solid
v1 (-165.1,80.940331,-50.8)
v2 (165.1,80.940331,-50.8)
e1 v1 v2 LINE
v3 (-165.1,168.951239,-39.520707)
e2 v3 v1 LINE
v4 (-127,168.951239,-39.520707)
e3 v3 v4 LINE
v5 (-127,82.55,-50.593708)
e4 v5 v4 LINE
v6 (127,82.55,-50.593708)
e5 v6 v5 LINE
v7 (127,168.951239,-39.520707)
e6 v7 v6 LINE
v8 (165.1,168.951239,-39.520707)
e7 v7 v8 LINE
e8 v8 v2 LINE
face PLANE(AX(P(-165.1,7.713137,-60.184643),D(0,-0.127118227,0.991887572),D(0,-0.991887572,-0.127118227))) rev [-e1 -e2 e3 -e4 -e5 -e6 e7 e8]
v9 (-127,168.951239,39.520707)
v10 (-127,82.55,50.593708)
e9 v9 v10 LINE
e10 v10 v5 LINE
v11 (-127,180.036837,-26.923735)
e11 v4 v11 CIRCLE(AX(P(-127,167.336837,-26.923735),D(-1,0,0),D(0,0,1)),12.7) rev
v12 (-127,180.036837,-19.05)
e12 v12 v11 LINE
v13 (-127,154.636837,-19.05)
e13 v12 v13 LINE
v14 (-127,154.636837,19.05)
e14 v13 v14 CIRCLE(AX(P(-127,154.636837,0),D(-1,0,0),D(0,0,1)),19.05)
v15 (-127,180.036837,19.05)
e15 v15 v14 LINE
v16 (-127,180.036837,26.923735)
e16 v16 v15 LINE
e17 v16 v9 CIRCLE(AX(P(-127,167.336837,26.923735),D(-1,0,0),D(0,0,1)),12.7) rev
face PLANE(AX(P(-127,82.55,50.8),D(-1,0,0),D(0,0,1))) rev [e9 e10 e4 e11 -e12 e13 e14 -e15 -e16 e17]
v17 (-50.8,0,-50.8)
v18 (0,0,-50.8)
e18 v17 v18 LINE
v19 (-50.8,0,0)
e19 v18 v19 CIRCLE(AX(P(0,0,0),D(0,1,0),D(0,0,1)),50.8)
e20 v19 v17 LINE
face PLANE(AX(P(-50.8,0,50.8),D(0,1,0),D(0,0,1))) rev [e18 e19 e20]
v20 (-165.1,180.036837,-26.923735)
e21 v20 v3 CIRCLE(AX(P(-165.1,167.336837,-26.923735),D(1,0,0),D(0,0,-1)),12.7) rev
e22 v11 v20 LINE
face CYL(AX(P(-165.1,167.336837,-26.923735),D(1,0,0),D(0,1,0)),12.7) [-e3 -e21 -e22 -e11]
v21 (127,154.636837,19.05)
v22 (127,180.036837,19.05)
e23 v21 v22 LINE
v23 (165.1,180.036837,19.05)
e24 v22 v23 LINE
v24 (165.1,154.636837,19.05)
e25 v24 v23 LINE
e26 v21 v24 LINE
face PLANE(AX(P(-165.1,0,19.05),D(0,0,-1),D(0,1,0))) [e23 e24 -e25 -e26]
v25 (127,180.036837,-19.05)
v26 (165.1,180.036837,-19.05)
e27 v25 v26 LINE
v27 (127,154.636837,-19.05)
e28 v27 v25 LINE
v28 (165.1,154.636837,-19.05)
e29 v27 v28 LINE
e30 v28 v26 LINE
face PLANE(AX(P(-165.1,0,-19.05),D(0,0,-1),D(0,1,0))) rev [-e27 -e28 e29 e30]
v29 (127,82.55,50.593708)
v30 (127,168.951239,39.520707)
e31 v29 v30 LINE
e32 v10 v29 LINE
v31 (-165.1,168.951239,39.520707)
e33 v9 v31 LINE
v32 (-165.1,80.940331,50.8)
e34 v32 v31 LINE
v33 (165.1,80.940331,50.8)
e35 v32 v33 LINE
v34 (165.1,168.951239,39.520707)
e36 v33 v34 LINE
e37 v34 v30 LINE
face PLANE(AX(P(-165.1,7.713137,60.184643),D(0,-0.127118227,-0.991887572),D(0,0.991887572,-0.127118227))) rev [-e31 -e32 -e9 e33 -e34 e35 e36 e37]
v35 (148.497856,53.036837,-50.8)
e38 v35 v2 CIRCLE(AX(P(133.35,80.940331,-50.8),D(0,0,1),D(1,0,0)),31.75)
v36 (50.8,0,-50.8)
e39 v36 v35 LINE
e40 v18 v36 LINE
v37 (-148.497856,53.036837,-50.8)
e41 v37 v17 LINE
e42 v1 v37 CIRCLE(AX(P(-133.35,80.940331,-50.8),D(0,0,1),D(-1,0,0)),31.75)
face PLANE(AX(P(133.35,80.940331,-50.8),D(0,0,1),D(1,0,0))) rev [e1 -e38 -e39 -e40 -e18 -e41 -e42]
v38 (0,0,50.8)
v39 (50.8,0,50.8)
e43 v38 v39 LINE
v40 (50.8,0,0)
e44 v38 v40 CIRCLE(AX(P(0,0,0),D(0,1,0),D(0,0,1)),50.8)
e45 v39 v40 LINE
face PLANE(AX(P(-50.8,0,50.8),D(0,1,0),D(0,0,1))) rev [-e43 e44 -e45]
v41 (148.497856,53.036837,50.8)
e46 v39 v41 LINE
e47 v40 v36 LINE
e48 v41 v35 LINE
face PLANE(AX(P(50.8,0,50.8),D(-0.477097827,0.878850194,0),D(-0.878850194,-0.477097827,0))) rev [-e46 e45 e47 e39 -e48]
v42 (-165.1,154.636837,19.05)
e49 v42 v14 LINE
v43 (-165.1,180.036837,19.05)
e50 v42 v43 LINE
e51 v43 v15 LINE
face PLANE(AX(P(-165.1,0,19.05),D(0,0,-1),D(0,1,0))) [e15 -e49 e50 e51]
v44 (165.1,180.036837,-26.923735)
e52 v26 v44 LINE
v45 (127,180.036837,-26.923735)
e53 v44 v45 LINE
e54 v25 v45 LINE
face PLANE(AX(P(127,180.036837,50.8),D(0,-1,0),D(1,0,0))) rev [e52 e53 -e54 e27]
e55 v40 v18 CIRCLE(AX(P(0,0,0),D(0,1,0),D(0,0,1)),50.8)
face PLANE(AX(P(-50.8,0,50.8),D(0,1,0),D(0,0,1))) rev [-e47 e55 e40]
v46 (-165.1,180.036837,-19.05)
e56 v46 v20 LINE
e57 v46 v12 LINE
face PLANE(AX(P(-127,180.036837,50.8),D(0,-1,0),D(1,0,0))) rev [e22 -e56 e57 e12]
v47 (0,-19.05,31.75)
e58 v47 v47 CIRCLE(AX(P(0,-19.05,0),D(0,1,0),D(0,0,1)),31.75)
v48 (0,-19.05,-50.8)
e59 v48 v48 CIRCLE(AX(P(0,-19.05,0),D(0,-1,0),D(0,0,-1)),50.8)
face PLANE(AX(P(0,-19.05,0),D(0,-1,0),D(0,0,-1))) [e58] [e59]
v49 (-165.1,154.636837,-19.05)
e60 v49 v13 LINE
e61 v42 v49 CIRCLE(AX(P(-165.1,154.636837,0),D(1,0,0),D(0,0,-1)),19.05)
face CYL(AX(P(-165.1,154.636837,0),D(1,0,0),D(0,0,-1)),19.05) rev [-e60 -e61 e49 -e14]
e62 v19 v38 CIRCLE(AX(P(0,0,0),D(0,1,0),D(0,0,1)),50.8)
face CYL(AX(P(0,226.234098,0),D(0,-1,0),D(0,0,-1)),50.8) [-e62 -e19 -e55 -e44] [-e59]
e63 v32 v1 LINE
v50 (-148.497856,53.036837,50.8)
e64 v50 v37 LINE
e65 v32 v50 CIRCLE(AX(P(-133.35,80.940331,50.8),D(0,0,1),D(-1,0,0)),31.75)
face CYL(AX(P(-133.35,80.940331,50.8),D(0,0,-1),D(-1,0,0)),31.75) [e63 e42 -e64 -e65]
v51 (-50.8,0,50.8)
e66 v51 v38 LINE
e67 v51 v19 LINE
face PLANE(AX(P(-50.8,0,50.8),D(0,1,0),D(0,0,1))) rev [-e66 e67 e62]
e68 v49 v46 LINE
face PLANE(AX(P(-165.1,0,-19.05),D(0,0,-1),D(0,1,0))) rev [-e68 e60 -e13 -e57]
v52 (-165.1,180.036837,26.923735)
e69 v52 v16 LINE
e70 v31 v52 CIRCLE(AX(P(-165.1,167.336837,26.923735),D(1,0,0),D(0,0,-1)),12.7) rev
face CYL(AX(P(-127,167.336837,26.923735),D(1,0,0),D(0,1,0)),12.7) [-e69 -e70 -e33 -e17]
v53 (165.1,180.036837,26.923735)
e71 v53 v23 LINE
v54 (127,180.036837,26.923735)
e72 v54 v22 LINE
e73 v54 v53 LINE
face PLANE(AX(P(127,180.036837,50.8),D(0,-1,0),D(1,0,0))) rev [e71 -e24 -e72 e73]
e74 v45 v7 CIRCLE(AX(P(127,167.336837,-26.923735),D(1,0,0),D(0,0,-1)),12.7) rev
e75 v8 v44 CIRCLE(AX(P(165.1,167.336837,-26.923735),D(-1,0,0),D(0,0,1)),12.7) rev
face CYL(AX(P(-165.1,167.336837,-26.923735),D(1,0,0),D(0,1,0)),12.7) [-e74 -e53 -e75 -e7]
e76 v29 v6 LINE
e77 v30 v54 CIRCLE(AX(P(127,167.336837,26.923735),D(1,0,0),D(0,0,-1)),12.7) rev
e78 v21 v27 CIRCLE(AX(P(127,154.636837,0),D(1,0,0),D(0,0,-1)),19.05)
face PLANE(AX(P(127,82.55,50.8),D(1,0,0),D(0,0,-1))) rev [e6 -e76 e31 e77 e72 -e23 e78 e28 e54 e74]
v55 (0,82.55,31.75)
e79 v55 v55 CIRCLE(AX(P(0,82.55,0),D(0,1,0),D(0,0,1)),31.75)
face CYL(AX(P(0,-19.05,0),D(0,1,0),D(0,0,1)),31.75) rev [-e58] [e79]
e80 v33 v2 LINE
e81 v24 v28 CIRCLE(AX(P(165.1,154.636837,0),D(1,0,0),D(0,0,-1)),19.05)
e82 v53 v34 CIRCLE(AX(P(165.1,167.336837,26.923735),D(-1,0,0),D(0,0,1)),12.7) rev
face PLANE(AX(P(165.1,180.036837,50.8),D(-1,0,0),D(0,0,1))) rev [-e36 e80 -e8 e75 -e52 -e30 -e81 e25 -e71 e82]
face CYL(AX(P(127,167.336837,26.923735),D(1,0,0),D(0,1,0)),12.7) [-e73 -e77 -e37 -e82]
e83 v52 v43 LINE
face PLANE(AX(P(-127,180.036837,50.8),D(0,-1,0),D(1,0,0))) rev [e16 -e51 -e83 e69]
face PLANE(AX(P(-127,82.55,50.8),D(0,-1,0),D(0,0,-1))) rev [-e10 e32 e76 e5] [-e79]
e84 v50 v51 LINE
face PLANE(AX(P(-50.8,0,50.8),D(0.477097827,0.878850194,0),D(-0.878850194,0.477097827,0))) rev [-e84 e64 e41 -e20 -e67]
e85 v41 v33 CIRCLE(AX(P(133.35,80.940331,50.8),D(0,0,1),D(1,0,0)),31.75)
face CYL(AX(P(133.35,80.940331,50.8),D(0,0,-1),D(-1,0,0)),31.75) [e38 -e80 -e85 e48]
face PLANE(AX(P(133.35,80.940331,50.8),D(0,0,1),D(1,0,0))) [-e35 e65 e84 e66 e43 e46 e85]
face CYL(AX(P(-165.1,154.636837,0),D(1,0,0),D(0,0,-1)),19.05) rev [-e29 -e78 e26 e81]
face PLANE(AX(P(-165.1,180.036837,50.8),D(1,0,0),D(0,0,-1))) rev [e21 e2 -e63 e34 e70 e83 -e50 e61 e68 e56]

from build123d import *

# Parameters (mm, degrees)
BOSS_EXTRUDE1_DEPTH = 50.8
SKETCH2_R           = 50.8
BOSS_EXTRUDE2_DEPTH = 19.05
SKETCH3_R           = 31.75
CUT_EXTRUDE1_DEPTH  = 102.6
CUT_EXTRUDE2_DEPTH  = 331.2
FILLET1_R           = 12.7


with BuildPart() as part:
    # Sketch1 → Boss-Extrude1 (new body, symmetric)
    with BuildSketch(Plane.XY):
        with BuildLine():
            Line((-50.8, 0), (50.8, 0))
            Line((50.8, 0), (148.497855998, 53.036837313))
            ThreePointArc((148.497855998, 53.036837313), (160.635590775, 64.705829567), (165.1, 80.940330977))
            Line((165.1, 80.940330977), (165.1, 180.036837313))
            Line((165.1, 180.036837313), (127, 180.036837313))
            Line((127, 180.036837313), (127, 82.55))
            Line((127, 82.55), (-127, 82.55))
            Line((-127, 82.55), (-127, 180.036837313))
            Line((-127, 180.036837313), (-165.1, 180.036837313))
            Line((-165.1, 180.036837313), (-165.1, 80.940330977))
            ThreePointArc((-165.1, 80.940330977), (-160.635590775, 64.705829567), (-148.497855998, 53.036837313))
            Line((-148.497855998, 53.036837313), (-50.8, 0))
        make_face()
    extrude(amount=BOSS_EXTRUDE1_DEPTH, both=True)

    # Sketch2 → Boss-Extrude2 (add)
    with BuildSketch(Plane.XZ):
        Circle(SKETCH2_R)
    extrude(amount=BOSS_EXTRUDE2_DEPTH)

    # Sketch3 → Cut-Extrude1 (cut, through all)
    with BuildSketch(Plane(origin=(0, 82.55, 0), x_dir=(1, 0, 0), z_dir=(0, 1, 0))):
        Circle(SKETCH3_R)
    extrude(amount=-CUT_EXTRUDE1_DEPTH, mode=Mode.SUBTRACT)

    # Sketch4 → Cut-Extrude2 (cut, through all)
    with BuildSketch(Plane(origin=(165.1, 0, 0), x_dir=(0, 0, -1), z_dir=(1, 0, 0))):
        Polygon((-50.8, 180.036837313), (-50.8, 80.940330977), (-38.1, 180.036837313), align=None)
        with BuildLine():
            Line((19.05, 180.036837313), (-19.05, 180.036837313))
            Line((-19.05, 180.036837313), (-19.05, 154.636837313))
            ThreePointArc((-19.05, 154.636837313), (0, 135.586837313), (19.05, 154.636837313))
            Line((19.05, 154.636837313), (19.05, 180.036837313))
        make_face()
        Polygon((38.1, 180.036837313), (50.8, 80.940330977), (50.8, 180.036837313), align=None)
    extrude(amount=-CUT_EXTRUDE2_DEPTH, mode=Mode.SUBTRACT)

    # Fillet1
    fillet1_edges = [part.edges().sort_by_distance(p)[0] for p in [
        (146.05, 180.036837313, -38.1),
        (-146.05, 180.036837313, -38.1),
        (146.05, 180.036837313, 38.1),
        (-146.05, 180.036837313, 38.1),
    ]]
    fillet(fillet1_edges, radius=FILLET1_R)


solid = part.part
